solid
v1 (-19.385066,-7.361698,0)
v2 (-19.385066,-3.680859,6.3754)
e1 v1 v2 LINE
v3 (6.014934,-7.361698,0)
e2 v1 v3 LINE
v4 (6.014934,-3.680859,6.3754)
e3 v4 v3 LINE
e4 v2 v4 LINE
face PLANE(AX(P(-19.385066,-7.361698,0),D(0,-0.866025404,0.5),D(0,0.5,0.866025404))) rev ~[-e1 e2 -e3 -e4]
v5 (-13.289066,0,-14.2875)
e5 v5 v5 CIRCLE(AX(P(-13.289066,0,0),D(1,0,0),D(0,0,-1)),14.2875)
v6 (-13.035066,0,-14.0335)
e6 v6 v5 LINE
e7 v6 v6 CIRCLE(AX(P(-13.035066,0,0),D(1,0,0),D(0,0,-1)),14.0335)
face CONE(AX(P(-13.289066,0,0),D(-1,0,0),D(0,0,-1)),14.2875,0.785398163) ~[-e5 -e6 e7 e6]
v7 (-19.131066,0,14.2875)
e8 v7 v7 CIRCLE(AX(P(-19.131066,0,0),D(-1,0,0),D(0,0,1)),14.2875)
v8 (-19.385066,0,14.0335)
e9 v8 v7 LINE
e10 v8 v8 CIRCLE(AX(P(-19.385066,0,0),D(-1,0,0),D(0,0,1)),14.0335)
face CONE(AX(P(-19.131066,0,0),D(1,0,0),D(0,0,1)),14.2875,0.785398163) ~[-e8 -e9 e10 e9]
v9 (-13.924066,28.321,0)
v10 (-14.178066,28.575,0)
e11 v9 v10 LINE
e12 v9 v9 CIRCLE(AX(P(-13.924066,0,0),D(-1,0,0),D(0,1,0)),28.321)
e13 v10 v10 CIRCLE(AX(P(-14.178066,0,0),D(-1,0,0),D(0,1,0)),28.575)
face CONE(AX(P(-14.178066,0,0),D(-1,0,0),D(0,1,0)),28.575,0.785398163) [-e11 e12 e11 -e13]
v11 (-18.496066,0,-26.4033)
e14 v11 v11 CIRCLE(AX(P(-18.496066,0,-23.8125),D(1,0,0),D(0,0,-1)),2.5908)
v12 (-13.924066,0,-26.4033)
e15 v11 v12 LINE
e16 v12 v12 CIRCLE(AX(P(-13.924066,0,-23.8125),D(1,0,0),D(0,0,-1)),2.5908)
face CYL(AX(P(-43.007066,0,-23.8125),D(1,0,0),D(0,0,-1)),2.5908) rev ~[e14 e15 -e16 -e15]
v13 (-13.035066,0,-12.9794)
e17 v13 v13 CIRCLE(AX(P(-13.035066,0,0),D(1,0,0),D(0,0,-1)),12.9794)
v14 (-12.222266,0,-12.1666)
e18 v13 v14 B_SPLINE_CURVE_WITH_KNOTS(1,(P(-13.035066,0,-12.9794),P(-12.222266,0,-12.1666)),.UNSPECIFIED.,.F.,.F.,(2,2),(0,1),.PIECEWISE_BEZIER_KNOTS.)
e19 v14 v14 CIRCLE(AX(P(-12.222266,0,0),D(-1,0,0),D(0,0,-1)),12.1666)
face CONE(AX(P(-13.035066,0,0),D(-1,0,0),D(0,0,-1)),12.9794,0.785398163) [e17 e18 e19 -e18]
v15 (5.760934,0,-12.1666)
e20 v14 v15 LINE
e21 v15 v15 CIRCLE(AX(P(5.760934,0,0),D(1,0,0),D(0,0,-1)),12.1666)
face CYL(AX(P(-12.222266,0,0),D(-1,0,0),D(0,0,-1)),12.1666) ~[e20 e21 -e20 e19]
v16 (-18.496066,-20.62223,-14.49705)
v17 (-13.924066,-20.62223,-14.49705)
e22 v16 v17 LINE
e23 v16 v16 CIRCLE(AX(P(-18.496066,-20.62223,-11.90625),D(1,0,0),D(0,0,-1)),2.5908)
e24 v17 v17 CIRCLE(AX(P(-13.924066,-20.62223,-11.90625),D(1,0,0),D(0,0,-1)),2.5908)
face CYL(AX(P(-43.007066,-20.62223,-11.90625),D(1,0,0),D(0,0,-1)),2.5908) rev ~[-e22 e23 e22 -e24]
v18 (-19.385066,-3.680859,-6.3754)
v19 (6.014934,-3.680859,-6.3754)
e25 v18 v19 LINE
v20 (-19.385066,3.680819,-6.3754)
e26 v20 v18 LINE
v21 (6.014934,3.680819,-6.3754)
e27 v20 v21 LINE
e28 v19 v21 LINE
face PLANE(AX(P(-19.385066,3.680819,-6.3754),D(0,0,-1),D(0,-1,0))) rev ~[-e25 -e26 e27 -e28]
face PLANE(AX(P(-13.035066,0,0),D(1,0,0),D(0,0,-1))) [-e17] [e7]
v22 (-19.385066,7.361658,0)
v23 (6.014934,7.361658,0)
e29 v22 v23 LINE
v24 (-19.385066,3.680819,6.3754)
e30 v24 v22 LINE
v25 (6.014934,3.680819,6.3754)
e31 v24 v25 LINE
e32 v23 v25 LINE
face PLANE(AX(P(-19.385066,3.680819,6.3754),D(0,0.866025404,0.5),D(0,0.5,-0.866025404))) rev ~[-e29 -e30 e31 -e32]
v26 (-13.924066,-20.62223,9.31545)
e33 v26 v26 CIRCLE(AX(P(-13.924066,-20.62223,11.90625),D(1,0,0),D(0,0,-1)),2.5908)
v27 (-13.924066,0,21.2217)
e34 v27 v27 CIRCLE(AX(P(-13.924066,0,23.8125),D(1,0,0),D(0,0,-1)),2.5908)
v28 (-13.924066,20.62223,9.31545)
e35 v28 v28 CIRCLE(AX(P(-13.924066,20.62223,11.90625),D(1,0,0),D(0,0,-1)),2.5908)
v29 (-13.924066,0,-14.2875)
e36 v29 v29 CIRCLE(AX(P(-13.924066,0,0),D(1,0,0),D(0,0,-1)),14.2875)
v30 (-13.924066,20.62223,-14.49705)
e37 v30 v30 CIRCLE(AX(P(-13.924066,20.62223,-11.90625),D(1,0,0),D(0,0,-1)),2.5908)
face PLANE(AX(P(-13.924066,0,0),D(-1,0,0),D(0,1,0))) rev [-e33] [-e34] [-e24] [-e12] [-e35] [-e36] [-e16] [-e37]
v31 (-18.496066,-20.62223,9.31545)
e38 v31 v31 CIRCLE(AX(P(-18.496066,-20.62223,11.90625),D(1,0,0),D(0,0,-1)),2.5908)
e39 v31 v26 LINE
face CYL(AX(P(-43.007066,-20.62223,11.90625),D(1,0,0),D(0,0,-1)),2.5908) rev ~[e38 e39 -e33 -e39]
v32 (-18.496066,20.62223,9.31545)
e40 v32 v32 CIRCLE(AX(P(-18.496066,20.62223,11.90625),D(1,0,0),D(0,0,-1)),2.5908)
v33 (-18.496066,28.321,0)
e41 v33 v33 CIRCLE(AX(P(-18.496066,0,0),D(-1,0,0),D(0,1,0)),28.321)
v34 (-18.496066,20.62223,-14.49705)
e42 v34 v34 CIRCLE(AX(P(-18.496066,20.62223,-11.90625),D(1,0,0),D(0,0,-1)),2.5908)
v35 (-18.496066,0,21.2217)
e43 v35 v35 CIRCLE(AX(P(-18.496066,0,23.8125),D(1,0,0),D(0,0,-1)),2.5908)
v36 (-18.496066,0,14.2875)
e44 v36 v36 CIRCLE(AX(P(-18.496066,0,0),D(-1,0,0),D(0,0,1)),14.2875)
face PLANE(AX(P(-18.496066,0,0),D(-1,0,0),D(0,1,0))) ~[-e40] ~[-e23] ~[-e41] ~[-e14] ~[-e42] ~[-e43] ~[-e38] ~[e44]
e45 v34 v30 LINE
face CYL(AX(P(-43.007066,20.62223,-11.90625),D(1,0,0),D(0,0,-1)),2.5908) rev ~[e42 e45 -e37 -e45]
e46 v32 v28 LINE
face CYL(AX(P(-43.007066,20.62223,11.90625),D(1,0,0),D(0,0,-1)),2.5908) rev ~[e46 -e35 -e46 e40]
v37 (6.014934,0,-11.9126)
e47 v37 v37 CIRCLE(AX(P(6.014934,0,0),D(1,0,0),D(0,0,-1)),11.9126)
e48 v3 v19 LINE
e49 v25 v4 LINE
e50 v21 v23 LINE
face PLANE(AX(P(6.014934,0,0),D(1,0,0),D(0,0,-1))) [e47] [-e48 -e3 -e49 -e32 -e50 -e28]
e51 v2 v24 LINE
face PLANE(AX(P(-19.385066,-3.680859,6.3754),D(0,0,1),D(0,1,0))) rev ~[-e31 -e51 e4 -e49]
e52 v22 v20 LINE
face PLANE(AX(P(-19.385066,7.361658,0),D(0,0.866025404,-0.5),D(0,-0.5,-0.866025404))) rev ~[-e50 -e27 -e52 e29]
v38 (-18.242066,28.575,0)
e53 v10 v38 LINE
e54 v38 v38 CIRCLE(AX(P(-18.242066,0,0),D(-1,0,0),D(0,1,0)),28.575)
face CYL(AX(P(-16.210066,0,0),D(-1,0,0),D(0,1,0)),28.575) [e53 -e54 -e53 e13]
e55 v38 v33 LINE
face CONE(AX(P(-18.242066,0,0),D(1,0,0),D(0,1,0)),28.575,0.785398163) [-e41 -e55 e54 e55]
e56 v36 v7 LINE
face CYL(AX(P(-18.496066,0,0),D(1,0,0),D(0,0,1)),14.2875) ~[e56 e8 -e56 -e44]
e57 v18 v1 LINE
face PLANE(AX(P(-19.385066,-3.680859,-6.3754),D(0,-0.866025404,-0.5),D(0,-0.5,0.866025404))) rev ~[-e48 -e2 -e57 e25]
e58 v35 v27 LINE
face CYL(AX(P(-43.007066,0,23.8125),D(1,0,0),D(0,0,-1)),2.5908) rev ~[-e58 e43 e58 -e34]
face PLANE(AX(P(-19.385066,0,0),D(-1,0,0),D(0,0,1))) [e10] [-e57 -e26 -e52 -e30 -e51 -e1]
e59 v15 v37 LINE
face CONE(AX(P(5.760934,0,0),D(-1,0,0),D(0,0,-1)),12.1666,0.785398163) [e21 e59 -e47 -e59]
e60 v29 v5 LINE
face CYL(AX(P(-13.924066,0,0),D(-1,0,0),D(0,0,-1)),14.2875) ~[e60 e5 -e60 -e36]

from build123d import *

# Parameters (mm, degrees)
SKETCH1_W                      = 4.572
SKETCH1_H                      = 28.575
SKETCH2_R                      = 14.2875
BOSS_EXTRUDE1_DEPTH            = 0.889
SKETCH3_R                      = 12.9794
BOSS_EXTRUDE2_DEPTH            = 0.8128
BOSS_EXTRUDE2_TAPER            = 45
SKETCH4_R                      = 12.1666
BOSS_EXTRUDE3_DEPTH            = 18.2372
SKETCH5_R                      = 14.2875
BOSS_EXTRUDE4_DEPTH            = 0.889
CUT_EXTRUDE1_DEPTH             = 26.4
F_6_0_204_DIAMETER_HOLE1_D     = 5.1816
F_6_0_204_DIAMETER_HOLE1_DEPTH = 24.511
CHAMFER1_SIZE                  = 0.254


with BuildPart() as part:
    # Sketch1 → Revolve1 (revolve)
    with BuildSketch(Plane(origin=(0, 0, 0), x_dir=(-1, 0, 0), z_dir=(0, 0, -1))):
        with Locations((16.210066246, 14.2875)):
            Rectangle(SKETCH1_W, SKETCH1_H)
    revolve(axis=Axis((-13.924066246, 0, 0), (-1, 0, 0)))

    # Sketch2 → Boss-Extrude1 (add)
    with BuildSketch(Plane(origin=(-13.924066246, 0, 0), x_dir=(0, 0, -1), z_dir=(1, 0, 0))):
        Circle(SKETCH2_R)
    extrude(amount=BOSS_EXTRUDE1_DEPTH)

    # Sketch3 → Boss-Extrude2 (add)
    with BuildSketch(Plane(origin=(-13.035066246, 0, 0), x_dir=(0, 0, -1), z_dir=(1, 0, 0))):
        Circle(SKETCH3_R)
    extrude(amount=BOSS_EXTRUDE2_DEPTH, taper=BOSS_EXTRUDE2_TAPER)

    # Sketch4 → Boss-Extrude3 (add)
    with BuildSketch(Plane(origin=(-12.222266246, 0, 0), x_dir=(0, 0, -1), z_dir=(1, 0, 0))):
        Circle(SKETCH4_R)
    extrude(amount=BOSS_EXTRUDE3_DEPTH)

    # Sketch5 → Boss-Extrude4 (add)
    with BuildSketch(Plane.ZY.offset(18.496066246)):
        Circle(SKETCH5_R)
    extrude(amount=BOSS_EXTRUDE4_DEPTH)

    # Sketch6 → Cut-Extrude1 (cut, through all)
    with BuildSketch(Plane.ZY.offset(19.385066246)):
        Polygon((0, 7.361657812), (-6.3754, 3.680818906), (-6.3754, -3.680858906), (0, -7.361697812), (6.3754, -3.680858906), (6.3754, 3.680818906), align=None)
    extrude(amount=-CUT_EXTRUDE1_DEPTH, mode=Mode.SUBTRACT)

    # #6 (0.204) Diameter Hole1
    with Locations(Plane.ZY.offset(18.496066246)):
        with Locations((11.90625, 20.622229928), (-23.8125, 0), (11.90625, -20.622229928), (-11.90625, -20.622229928), (-11.90625, 20.622229928), (23.8125, 0)):
            Hole(F_6_0_204_DIAMETER_HOLE1_D / 2, depth=F_6_0_204_DIAMETER_HOLE1_DEPTH)

    # Chamfer1
    chamfer1_edges = [part.edges().sort_by_distance(p)[0] for p in [
        (6.014933754, 0, 12.1666),
        (-19.385066246, 0, -14.2875),
        (-18.496066246, -28.575, 0),
        (-13.924066246, -28.575, 0),
        (-13.035066246, 0, 14.2875),
    ]]
    chamfer(chamfer1_edges, length=CHAMFER1_SIZE)


solid = part.part
